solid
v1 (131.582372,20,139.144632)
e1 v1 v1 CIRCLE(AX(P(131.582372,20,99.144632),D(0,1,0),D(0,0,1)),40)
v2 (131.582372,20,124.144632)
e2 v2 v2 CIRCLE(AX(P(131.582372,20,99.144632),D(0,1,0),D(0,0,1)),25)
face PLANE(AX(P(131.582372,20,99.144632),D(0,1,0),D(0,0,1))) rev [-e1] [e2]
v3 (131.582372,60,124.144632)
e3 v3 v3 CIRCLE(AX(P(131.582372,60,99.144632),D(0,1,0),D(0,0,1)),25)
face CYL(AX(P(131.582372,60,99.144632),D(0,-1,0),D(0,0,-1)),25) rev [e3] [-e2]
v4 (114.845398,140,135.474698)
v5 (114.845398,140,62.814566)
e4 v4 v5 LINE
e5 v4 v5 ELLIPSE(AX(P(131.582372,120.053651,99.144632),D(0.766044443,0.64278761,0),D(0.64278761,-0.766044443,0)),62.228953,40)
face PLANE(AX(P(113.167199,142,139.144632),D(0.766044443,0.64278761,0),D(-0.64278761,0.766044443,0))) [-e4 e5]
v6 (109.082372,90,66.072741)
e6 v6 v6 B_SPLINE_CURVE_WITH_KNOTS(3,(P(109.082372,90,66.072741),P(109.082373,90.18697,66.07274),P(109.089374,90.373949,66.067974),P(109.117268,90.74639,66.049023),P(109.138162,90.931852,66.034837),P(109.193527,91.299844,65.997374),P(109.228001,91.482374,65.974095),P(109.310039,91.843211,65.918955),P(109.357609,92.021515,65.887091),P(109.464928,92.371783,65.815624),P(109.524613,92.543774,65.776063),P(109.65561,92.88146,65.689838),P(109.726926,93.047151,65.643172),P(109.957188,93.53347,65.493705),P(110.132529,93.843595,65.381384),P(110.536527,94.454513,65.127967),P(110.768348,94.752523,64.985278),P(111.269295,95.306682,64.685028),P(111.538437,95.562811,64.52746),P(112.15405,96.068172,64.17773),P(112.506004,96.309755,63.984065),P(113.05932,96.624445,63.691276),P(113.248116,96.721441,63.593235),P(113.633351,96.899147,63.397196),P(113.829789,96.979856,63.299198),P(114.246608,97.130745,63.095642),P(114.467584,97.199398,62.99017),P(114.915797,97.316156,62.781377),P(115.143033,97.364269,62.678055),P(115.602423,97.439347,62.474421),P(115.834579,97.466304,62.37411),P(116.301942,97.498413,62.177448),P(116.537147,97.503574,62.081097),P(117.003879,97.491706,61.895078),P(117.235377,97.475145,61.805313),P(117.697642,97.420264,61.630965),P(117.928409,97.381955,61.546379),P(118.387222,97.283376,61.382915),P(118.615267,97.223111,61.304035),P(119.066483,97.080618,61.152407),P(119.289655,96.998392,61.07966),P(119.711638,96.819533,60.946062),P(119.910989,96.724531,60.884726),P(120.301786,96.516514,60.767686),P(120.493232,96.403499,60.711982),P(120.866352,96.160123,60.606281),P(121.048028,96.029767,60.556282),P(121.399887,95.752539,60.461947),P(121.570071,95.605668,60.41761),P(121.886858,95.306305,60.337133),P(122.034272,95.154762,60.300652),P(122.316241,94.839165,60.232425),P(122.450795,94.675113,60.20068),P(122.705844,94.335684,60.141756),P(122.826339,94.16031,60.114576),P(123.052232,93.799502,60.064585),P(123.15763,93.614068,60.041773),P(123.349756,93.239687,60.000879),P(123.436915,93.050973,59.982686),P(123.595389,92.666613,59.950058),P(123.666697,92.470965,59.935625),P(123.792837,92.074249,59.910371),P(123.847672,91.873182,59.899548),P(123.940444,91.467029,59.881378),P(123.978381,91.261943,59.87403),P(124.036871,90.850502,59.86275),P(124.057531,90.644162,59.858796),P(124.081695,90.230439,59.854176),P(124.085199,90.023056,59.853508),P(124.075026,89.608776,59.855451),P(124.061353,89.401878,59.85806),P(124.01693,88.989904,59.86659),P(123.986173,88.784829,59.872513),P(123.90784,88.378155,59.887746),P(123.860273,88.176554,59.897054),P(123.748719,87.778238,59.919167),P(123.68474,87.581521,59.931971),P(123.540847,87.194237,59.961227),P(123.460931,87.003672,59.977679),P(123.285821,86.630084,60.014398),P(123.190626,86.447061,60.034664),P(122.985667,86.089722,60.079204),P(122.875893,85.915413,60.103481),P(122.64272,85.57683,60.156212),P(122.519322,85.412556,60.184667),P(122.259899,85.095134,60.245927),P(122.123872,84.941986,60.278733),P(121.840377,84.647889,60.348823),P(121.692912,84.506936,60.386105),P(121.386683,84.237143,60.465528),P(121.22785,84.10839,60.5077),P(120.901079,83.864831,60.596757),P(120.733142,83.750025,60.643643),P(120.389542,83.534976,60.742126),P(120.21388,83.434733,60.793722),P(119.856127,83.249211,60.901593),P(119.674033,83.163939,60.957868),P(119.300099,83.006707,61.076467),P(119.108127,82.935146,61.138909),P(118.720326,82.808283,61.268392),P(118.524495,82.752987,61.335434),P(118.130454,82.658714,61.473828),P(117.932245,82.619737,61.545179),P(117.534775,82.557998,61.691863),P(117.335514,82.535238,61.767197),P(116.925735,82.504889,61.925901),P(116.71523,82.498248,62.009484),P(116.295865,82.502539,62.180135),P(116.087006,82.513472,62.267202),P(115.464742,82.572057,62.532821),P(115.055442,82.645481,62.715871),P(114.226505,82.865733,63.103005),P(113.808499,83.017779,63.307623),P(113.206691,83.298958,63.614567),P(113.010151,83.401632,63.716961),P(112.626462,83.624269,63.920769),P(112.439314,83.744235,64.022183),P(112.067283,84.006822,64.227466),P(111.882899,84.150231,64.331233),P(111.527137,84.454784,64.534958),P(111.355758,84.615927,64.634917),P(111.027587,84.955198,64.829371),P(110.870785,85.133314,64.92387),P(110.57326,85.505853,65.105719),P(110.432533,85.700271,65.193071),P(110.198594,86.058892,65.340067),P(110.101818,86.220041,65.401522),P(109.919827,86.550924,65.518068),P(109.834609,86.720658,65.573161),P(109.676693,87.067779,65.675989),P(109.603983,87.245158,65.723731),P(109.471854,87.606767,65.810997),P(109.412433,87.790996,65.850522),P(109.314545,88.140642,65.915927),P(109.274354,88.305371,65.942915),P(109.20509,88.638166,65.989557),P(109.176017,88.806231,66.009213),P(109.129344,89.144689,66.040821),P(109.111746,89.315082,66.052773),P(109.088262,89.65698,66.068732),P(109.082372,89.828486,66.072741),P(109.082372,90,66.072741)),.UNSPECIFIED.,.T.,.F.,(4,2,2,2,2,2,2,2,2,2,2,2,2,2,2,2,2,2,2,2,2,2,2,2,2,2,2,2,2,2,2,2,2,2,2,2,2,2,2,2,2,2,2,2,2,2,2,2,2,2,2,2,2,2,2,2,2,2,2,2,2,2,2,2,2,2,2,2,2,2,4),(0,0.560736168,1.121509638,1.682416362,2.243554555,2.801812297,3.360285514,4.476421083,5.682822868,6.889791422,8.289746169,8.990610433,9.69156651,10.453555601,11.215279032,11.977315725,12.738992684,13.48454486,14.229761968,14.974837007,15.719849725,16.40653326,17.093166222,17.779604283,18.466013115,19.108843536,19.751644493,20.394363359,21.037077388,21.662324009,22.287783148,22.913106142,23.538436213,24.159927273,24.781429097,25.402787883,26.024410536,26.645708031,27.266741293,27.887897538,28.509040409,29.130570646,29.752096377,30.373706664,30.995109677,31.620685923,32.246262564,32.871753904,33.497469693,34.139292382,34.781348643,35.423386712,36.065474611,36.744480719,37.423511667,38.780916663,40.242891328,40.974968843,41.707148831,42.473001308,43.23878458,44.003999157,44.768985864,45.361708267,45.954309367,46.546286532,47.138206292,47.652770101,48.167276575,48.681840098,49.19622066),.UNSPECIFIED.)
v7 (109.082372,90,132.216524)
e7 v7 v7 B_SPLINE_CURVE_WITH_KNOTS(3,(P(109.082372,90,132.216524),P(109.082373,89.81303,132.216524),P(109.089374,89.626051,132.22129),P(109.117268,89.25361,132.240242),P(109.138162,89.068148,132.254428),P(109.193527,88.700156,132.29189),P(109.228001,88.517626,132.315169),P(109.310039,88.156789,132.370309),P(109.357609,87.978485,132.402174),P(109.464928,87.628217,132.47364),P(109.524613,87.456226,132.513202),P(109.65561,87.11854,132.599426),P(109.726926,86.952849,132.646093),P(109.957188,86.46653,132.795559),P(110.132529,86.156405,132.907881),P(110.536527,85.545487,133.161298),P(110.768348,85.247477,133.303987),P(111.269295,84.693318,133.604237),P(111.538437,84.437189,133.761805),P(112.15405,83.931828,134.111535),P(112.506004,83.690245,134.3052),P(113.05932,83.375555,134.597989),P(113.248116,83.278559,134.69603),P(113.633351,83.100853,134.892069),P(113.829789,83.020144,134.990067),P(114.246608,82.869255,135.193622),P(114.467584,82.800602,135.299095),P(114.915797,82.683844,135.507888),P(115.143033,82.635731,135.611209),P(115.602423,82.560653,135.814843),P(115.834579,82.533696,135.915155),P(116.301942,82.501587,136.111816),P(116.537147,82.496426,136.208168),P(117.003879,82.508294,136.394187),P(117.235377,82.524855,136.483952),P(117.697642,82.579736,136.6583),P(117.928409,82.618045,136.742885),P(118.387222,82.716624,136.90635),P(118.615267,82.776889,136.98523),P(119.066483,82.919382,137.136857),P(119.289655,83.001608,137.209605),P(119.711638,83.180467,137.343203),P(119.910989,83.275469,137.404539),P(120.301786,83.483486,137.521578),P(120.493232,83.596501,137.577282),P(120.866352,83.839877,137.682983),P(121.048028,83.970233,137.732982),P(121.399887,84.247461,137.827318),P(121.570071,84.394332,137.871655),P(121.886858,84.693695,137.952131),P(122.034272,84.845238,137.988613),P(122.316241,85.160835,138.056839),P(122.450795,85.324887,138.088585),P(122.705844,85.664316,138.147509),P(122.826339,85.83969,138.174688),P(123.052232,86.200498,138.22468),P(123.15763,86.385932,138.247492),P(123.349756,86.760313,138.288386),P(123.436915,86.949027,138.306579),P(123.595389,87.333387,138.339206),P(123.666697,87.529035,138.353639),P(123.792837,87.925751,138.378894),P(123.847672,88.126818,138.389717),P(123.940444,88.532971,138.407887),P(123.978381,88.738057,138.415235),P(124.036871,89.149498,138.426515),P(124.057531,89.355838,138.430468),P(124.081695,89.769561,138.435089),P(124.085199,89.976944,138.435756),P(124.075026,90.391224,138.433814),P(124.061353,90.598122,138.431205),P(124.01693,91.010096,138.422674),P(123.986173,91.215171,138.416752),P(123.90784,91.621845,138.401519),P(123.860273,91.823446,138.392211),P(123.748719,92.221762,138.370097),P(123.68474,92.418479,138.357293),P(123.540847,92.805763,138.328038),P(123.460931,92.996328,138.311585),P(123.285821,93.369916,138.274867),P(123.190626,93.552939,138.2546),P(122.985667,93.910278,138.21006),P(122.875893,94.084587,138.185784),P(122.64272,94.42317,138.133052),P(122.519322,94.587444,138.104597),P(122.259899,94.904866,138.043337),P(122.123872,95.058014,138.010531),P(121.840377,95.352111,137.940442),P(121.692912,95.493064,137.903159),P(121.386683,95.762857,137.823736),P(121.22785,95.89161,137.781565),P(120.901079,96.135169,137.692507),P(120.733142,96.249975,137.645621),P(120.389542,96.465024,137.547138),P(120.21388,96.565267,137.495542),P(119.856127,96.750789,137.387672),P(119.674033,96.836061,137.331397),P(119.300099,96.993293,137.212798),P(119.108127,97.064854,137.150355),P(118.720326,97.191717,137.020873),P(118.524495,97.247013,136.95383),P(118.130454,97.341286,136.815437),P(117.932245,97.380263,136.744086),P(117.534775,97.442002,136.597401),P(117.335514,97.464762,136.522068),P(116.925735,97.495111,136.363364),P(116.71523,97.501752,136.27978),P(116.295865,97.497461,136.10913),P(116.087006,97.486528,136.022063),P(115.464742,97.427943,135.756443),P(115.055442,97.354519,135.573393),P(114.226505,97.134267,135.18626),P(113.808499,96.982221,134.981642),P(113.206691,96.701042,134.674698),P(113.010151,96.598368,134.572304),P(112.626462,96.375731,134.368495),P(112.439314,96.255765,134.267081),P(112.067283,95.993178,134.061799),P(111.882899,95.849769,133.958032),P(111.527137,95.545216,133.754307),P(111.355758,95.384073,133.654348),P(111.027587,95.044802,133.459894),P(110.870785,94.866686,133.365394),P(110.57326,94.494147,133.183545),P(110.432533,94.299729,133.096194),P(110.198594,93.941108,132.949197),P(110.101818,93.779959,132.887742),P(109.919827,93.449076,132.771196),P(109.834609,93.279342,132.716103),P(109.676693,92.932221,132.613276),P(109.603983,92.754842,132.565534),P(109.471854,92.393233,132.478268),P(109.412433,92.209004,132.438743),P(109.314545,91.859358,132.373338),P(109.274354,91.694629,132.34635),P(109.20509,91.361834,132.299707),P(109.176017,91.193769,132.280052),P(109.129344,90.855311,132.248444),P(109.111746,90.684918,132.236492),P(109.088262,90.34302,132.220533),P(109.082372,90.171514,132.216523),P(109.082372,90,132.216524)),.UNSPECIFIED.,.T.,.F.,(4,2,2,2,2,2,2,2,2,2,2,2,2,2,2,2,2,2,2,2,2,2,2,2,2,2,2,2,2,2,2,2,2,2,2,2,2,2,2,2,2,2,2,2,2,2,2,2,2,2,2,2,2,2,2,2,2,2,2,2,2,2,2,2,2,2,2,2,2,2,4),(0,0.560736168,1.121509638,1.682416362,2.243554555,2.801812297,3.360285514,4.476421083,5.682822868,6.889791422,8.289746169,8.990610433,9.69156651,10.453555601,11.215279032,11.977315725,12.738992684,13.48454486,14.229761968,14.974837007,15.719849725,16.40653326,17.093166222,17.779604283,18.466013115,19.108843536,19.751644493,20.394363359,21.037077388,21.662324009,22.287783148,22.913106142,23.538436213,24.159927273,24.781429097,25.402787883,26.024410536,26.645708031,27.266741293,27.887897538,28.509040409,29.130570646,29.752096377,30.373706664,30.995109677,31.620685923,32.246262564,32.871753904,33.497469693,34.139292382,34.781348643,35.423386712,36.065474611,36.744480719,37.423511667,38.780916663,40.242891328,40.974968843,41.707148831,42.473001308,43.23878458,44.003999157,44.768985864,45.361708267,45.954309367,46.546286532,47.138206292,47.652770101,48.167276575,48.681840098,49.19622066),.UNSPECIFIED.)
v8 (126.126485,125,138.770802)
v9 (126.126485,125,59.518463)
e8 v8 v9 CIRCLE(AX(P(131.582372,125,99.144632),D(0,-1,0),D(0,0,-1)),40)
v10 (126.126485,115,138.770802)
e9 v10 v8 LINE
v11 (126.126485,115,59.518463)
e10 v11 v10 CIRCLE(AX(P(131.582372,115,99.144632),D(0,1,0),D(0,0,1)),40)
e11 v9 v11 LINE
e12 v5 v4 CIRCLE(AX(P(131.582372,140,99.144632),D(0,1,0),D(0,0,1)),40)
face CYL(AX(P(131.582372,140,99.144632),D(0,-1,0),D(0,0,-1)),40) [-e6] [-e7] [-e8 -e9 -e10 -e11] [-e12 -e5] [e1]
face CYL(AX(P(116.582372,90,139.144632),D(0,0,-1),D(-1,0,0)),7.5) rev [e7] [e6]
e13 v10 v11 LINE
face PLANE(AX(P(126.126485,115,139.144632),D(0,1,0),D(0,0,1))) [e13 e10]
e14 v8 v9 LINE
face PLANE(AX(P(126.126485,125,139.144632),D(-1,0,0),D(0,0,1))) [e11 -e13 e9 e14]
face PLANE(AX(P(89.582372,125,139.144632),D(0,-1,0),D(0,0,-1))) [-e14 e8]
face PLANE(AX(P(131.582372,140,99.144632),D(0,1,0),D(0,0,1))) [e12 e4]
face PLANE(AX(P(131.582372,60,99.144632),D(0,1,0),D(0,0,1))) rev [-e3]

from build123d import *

# Parameters (mm, degrees)
BOSS_EXTRUDE1_START = 20
SKETCH1_R           = 40
BOSS_EXTRUDE1_DEPTH = 120
CUT_EXTRUDE1_START  = 20
SKETCH1_4_R         = 25
CUT_EXTRUDE1_DEPTH  = 40
SKETCH2_R           = 7.5
SKETCH2_W           = 36.544112996
SKETCH2_H           = 10
CUT_EXTRUDE2_DEPTH  = 262.537261524


with BuildPart() as part:
    # Sketch1 → Boss-Extrude1 (new body)
    with BuildSketch(Plane(origin=(0, 0, 0), x_dir=(1, 0, 0), z_dir=(0, 1, 0)).offset(BOSS_EXTRUDE1_START)):
        with Locations(Location((131.582372263, -99.144632286, 0), (0, 0, 270))):
            Circle(SKETCH1_R)
    extrude(amount=BOSS_EXTRUDE1_DEPTH)

    # Sketch1<4> → Cut-Extrude1 (cut)
    with BuildSketch(Plane(origin=(0, 0, 0), x_dir=(1, 0, 0), z_dir=(0, 1, 0)).offset(CUT_EXTRUDE1_START)):
        with Locations(Location((131.582372263, -99.144632286, 0), (0, 0, 270))):
            Circle(SKETCH1_4_R)
    extrude(amount=CUT_EXTRUDE1_DEPTH, mode=Mode.SUBTRACT)

    # Sketch2 → Cut-Extrude2 (cut, through all)
    with BuildSketch(Plane.XY):
        with Locations(Location((116.582372263, 90, 0), (0, 0, 180))):
            Circle(SKETCH2_R)
        Polygon((113.167198818, 142), (173.582372263, 70), (173.582372263, 142), align=None)
        with Locations((107.854428761, 120)):
            Rectangle(SKETCH2_W, SKETCH2_H)
    extrude(amount=CUT_EXTRUDE2_DEPTH, mode=Mode.SUBTRACT)


solid = part.part
